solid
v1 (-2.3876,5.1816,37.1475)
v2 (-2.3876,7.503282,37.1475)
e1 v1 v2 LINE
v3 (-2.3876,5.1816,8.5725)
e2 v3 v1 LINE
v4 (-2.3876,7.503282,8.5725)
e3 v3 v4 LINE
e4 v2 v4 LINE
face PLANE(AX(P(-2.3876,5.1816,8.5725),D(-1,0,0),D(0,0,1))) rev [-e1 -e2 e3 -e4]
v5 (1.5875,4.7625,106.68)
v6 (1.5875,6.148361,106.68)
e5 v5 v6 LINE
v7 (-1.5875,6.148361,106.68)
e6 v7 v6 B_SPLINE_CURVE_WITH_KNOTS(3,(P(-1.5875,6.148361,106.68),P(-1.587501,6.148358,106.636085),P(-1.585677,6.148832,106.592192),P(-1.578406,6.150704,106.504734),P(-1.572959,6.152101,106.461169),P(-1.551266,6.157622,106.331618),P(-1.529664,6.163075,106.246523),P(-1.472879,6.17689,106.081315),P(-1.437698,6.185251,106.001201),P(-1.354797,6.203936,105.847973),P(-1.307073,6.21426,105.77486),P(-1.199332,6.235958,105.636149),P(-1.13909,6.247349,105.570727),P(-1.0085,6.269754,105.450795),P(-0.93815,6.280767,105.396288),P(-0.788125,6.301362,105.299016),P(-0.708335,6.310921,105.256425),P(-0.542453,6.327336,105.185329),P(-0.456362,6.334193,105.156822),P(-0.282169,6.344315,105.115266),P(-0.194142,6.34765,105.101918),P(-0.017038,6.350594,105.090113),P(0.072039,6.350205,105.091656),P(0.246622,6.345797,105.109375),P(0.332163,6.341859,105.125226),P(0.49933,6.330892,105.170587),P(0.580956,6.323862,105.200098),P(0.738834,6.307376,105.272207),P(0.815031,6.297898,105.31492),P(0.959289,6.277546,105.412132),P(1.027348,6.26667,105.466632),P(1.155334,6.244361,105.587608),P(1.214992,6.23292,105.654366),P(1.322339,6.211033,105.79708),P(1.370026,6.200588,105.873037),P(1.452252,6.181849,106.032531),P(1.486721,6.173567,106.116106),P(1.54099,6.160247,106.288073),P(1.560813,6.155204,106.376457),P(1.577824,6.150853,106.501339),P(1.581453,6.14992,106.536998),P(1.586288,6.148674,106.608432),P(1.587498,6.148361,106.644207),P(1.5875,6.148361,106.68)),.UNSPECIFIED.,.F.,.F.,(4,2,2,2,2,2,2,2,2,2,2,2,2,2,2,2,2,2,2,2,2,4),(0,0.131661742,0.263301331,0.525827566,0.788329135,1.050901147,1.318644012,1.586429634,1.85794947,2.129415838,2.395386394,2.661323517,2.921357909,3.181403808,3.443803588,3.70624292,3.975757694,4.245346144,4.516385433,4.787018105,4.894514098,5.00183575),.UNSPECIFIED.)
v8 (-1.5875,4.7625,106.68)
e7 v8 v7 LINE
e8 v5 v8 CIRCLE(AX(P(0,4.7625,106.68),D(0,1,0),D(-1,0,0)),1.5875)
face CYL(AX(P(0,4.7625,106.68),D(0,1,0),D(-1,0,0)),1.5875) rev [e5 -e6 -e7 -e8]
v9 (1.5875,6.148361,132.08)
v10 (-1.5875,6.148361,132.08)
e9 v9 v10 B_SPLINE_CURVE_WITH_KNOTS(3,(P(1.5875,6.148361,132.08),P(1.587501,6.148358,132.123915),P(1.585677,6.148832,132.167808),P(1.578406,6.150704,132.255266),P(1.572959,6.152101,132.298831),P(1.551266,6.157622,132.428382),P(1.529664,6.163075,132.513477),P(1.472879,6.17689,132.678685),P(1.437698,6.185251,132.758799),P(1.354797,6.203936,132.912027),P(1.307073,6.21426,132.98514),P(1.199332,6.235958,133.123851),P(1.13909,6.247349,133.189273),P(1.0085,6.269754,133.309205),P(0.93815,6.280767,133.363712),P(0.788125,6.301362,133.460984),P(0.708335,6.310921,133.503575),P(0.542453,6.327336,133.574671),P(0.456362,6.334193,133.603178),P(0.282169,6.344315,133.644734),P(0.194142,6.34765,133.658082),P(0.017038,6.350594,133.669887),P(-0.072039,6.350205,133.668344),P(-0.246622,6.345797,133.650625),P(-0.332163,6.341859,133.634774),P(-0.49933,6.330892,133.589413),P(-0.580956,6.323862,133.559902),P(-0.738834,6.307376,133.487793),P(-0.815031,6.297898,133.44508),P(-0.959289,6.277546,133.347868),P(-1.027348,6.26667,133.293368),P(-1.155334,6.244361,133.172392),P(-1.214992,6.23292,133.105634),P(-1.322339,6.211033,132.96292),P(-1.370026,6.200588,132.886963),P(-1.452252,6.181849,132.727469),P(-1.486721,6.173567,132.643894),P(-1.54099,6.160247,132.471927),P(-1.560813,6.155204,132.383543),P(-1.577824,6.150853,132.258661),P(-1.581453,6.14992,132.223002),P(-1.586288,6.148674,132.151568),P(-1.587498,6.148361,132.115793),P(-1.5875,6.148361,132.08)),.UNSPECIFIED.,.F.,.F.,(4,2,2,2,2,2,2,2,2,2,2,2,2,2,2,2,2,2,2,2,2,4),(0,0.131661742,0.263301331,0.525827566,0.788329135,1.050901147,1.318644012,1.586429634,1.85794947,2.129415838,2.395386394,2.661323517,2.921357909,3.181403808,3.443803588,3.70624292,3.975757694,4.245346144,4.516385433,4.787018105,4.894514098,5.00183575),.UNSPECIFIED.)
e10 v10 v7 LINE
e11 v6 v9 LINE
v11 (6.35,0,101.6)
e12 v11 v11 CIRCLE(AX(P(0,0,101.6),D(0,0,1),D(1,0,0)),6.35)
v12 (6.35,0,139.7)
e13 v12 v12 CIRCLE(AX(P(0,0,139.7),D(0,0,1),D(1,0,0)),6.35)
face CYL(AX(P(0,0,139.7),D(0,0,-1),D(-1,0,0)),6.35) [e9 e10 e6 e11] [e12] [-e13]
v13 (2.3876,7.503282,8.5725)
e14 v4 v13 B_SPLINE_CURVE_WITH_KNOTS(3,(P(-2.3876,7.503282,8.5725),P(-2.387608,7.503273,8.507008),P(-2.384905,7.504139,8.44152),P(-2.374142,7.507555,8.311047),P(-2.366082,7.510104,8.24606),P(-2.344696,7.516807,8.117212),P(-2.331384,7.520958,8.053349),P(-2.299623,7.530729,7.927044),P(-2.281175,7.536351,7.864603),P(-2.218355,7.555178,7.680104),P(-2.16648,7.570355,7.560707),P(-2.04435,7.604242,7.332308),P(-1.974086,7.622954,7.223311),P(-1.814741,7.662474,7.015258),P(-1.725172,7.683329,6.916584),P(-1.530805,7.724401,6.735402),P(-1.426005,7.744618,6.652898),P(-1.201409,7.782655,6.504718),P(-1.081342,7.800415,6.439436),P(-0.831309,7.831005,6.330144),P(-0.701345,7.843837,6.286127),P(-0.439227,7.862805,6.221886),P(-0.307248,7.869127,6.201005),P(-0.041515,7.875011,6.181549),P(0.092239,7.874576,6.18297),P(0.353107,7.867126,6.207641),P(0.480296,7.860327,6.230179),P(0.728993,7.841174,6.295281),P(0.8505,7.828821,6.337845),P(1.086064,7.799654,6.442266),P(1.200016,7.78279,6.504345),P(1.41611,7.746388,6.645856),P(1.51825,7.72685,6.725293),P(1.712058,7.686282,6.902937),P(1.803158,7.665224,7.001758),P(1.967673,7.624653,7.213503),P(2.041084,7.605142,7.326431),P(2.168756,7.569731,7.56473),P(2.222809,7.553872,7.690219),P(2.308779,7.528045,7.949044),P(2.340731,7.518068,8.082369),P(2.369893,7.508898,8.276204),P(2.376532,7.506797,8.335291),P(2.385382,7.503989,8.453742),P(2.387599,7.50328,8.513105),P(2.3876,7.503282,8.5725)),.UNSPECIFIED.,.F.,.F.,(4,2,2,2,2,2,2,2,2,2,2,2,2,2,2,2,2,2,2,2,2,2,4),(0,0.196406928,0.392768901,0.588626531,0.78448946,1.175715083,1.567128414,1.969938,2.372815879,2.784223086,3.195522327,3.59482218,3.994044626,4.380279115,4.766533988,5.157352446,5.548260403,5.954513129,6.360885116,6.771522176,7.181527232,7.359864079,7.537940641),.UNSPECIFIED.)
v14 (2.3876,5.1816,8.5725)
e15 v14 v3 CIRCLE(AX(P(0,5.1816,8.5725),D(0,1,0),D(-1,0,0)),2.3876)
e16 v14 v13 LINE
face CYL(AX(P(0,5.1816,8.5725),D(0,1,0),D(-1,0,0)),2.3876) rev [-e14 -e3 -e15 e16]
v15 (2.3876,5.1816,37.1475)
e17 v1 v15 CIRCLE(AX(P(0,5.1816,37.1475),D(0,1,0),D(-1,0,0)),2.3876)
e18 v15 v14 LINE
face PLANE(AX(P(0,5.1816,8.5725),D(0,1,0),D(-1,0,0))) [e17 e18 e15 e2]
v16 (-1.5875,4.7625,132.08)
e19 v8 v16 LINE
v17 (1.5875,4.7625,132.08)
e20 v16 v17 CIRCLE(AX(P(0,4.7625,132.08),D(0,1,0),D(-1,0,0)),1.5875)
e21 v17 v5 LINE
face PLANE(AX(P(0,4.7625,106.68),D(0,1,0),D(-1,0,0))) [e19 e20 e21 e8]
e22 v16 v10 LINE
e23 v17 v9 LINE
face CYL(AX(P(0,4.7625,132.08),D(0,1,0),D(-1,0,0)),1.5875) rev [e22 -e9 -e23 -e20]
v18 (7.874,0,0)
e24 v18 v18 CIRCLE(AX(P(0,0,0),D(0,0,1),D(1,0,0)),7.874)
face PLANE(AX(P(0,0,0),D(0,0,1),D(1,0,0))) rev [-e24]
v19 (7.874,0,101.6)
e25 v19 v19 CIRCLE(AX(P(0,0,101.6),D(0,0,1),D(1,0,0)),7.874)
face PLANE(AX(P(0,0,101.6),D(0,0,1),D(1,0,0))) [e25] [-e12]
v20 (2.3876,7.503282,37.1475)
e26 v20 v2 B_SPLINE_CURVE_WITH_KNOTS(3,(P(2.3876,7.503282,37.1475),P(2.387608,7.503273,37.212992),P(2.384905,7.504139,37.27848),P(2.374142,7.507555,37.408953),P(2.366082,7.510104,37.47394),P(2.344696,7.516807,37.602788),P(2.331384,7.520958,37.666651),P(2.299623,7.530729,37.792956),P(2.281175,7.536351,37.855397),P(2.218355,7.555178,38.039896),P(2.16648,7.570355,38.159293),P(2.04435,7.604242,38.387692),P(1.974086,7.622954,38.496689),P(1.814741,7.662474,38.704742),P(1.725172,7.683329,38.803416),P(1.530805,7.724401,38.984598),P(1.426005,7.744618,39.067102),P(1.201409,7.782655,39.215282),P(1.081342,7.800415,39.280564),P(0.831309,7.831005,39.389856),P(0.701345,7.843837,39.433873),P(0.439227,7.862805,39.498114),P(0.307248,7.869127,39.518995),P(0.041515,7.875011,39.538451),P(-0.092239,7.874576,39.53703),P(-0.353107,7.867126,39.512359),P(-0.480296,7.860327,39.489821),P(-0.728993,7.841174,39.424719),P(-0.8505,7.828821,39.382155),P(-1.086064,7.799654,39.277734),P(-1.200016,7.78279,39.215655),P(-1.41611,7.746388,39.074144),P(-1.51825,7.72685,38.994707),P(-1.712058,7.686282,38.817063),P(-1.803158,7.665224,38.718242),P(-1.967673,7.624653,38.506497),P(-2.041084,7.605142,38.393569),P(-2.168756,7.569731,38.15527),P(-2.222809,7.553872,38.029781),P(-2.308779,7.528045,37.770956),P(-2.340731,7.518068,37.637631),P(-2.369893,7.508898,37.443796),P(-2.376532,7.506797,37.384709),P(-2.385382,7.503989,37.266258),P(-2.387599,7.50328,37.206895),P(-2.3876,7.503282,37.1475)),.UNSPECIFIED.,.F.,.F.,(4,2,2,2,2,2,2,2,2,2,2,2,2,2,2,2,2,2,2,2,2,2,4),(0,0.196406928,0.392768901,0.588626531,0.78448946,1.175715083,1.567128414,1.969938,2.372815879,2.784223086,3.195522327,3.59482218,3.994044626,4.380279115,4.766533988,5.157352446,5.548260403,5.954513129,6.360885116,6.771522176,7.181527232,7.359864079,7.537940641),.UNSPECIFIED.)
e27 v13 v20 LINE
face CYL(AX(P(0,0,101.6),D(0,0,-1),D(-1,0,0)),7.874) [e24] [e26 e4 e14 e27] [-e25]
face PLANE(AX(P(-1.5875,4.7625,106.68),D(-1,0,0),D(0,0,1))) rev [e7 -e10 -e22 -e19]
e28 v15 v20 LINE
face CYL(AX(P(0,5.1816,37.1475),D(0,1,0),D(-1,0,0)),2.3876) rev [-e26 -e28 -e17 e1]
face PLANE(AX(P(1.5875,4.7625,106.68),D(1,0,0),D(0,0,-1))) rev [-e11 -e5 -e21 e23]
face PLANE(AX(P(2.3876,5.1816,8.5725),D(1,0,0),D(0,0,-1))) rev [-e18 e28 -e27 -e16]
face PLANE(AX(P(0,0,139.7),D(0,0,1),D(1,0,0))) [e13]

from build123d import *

# Parameters (mm, degrees)
SKETCH1_R               = 7.874
BOSS_EXTRUDE1_DEPTH     = 101.6
SKETCH2_R               = 6.35
BOSS_EXTRUDE2_DEPTH     = 38.1
CUT_EXTRUDE3_DEPTH      = 1.5875
CUT_EXTRUDE5_DEPTH      = 1.524
CUT_EXTRUDE5_DEPTH_BACK = 1.1684


with BuildPart() as part:
    # Sketch1 → Boss-Extrude1 (new body)
    with BuildSketch(Plane.XY):
        Circle(SKETCH1_R)
    extrude(amount=BOSS_EXTRUDE1_DEPTH)

    # Sketch2 → Boss-Extrude2 (add)
    with BuildSketch(Plane.XY.offset(101.6)):
        with Locations(Location((0, 0, 0), (0, 0, 180))):
            Circle(SKETCH2_R)
    extrude(amount=BOSS_EXTRUDE2_DEPTH)

    # Sketch6 → Cut-Extrude3 (cut)
    with BuildSketch(Plane(origin=(0, 6.35, 139.7), x_dir=(1, 0, 0), z_dir=(0, 1, 0))):
        with BuildLine():
            Line((1.5875, 33.02), (1.5875, 7.62))
            ThreePointArc((1.5875, 7.62), (0, 6.0325), (-1.5875, 7.62))
            Line((-1.5875, 7.62), (-1.5875, 33.02))
            ThreePointArc((-1.5875, 33.02), (0, 34.6075), (1.5875, 33.02))
        make_face()
    extrude(amount=-CUT_EXTRUDE3_DEPTH, mode=Mode.SUBTRACT)

    # Sketch7 → Cut-Extrude5 (cut, two sides: drawn at the far end of the back side and taken through both)
    with BuildSketch(Plane(origin=(0, 6.35, 139.7), x_dir=(1, 0, 0), z_dir=(0, 1, 0)).offset(-CUT_EXTRUDE5_DEPTH_BACK)):
        with BuildLine():
            Line((2.3876, 131.1275), (2.3876, 102.5525))
            ThreePointArc((2.3876, 102.5525), (0, 100.1649), (-2.3876, 102.5525))
            Line((-2.3876, 102.5525), (-2.3876, 131.1275))
            ThreePointArc((-2.3876, 131.1275), (0, 133.5151), (2.3876, 131.1275))
        make_face()
    extrude(amount=CUT_EXTRUDE5_DEPTH + CUT_EXTRUDE5_DEPTH_BACK, mode=Mode.SUBTRACT)


solid = part.part
